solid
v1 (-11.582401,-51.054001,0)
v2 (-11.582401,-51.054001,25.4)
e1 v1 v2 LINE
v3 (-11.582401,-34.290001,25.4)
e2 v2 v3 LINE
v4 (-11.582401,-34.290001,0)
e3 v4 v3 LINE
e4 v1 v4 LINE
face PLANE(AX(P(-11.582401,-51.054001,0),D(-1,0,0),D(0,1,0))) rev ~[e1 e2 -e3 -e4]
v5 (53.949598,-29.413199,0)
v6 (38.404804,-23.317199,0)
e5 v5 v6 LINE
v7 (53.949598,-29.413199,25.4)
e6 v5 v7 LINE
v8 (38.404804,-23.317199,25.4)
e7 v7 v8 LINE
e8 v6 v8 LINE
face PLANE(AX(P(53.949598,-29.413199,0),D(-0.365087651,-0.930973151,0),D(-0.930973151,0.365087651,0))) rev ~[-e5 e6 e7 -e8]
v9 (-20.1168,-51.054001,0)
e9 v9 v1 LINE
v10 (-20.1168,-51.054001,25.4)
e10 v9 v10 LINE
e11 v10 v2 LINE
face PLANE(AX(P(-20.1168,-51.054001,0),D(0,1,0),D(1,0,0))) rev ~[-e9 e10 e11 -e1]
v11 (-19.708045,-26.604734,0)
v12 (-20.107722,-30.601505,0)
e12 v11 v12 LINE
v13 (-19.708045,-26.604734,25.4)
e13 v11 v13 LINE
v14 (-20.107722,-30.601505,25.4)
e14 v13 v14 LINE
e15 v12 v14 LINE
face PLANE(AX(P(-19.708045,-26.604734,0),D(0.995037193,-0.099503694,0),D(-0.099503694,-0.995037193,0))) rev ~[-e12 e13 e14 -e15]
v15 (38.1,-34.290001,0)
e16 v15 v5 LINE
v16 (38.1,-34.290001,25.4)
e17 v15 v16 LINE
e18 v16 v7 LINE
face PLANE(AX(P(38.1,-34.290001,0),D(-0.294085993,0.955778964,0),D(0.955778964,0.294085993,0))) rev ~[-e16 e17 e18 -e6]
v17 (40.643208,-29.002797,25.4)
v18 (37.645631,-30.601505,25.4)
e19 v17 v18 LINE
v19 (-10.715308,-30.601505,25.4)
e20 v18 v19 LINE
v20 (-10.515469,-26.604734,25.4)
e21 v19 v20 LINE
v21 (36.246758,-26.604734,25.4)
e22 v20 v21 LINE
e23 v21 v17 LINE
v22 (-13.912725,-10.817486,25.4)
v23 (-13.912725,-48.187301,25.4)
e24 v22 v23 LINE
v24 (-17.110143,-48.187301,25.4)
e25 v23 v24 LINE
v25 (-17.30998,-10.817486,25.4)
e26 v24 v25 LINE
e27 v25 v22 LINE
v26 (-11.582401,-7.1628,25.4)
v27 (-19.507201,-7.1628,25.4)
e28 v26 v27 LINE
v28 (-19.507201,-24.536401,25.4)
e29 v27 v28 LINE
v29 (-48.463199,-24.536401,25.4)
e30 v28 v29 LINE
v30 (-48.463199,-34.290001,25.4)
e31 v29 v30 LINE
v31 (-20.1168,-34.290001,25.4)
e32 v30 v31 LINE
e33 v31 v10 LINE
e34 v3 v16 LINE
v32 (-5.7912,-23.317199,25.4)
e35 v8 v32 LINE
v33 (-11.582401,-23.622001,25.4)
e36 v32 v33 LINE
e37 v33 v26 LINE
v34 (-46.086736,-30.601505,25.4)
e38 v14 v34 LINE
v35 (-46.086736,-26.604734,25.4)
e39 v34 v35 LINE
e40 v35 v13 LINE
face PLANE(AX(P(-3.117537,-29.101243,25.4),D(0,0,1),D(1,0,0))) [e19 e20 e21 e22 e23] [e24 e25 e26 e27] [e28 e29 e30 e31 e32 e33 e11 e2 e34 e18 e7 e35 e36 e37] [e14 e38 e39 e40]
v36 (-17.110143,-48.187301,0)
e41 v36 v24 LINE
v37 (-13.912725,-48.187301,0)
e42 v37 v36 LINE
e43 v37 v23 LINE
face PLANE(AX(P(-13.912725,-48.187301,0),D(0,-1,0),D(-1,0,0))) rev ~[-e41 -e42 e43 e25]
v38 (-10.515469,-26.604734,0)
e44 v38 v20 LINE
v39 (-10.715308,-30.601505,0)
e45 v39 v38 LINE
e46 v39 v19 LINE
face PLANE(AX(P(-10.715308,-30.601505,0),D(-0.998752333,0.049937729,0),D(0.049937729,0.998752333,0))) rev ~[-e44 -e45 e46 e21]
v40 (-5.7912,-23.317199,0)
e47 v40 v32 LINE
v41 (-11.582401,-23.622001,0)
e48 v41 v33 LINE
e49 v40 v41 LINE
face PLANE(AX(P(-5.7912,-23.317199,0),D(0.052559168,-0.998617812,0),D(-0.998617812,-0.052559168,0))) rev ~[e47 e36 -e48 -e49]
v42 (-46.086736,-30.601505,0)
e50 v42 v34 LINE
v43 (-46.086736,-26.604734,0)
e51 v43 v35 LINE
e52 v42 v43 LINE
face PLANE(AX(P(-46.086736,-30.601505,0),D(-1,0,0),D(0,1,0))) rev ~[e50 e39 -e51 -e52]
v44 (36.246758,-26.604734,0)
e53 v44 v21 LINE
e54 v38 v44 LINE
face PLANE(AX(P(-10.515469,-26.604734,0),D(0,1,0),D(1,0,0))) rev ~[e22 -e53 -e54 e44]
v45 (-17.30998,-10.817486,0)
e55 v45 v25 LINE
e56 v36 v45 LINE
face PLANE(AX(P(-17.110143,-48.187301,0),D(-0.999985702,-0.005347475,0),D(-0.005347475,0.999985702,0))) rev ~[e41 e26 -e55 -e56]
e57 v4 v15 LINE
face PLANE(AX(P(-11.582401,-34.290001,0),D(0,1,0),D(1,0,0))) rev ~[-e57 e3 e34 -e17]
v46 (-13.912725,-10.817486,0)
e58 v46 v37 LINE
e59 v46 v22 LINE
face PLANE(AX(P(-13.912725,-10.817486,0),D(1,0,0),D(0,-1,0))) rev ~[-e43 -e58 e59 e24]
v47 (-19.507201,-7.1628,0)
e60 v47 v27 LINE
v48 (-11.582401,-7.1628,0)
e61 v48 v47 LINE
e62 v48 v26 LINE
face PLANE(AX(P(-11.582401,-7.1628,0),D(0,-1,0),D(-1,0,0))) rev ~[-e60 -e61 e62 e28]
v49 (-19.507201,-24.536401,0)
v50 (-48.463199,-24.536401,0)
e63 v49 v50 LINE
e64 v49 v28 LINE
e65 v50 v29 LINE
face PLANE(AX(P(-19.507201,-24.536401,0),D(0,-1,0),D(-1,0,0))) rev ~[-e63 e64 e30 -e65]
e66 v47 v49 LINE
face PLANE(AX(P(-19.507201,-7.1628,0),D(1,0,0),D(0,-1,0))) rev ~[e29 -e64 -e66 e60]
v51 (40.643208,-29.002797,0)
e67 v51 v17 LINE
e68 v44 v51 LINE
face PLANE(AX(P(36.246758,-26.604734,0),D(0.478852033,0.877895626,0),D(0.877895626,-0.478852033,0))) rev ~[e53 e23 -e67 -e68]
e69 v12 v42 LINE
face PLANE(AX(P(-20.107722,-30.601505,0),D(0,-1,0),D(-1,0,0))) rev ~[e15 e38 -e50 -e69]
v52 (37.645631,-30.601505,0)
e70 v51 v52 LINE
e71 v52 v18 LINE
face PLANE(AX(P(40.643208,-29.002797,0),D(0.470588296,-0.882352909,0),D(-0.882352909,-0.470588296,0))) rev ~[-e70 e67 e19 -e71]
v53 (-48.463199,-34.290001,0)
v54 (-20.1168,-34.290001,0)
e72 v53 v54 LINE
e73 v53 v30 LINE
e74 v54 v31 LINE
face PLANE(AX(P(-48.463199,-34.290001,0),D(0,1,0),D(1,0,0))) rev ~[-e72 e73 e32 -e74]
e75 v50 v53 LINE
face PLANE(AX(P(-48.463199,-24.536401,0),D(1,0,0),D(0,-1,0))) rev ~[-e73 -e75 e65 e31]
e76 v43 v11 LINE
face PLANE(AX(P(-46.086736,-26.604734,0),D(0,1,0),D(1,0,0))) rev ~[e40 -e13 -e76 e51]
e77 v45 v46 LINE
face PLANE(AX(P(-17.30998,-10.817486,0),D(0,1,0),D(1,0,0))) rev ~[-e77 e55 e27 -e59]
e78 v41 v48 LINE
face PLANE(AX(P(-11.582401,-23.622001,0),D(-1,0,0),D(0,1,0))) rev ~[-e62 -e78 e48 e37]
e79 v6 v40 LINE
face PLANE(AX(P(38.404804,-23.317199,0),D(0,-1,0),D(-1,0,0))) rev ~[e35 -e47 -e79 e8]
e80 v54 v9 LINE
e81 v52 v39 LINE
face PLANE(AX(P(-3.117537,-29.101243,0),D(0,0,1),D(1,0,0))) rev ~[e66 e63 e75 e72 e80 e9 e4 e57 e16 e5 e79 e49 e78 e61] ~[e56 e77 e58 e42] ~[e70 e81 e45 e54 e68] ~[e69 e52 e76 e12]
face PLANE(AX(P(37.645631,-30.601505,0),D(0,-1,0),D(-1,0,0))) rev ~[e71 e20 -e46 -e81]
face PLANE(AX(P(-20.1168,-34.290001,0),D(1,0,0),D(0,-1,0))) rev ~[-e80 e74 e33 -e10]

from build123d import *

# Parameters (mm, degrees)
F1_DEPTH = 25.4


with BuildPart() as f1:
    # F0 (on Top) → F1 (new body)
    with BuildSketch(Plane.XY):
        Polygon((38.404804, -23.317199), (-5.7912, -23.317199), (-11.582401, -23.622001), (-11.582401, -7.1628), (-19.507201, -7.1628), (-19.507201, -24.536401), (-48.463199, -24.536401), (-48.463199, -34.290001), (-20.1168, -34.290001), (-20.1168, -51.054001), (-11.582401, -51.054001), (-11.582401, -34.290001), (38.1, -34.290001), (53.949598, -29.413199), align=None)
        Polygon((-17.110143, -48.187301), (-17.30998, -10.817486), (-13.912725, -10.817486), (-13.912725, -48.187301), align=None, mode=Mode.SUBTRACT)
        Polygon((-46.086736, -26.604734), (-19.708045, -26.604734), (-20.107722, -30.601505), (-46.086736, -30.601505), align=None, mode=Mode.SUBTRACT)
        Polygon((-10.715308, -30.601505), (-10.515469, -26.604734), (36.246758, -26.604734), (40.643208, -29.002797), (37.645631, -30.601505), align=None, mode=Mode.SUBTRACT)
    extrude(amount=F1_DEPTH)


solid = f1.part
